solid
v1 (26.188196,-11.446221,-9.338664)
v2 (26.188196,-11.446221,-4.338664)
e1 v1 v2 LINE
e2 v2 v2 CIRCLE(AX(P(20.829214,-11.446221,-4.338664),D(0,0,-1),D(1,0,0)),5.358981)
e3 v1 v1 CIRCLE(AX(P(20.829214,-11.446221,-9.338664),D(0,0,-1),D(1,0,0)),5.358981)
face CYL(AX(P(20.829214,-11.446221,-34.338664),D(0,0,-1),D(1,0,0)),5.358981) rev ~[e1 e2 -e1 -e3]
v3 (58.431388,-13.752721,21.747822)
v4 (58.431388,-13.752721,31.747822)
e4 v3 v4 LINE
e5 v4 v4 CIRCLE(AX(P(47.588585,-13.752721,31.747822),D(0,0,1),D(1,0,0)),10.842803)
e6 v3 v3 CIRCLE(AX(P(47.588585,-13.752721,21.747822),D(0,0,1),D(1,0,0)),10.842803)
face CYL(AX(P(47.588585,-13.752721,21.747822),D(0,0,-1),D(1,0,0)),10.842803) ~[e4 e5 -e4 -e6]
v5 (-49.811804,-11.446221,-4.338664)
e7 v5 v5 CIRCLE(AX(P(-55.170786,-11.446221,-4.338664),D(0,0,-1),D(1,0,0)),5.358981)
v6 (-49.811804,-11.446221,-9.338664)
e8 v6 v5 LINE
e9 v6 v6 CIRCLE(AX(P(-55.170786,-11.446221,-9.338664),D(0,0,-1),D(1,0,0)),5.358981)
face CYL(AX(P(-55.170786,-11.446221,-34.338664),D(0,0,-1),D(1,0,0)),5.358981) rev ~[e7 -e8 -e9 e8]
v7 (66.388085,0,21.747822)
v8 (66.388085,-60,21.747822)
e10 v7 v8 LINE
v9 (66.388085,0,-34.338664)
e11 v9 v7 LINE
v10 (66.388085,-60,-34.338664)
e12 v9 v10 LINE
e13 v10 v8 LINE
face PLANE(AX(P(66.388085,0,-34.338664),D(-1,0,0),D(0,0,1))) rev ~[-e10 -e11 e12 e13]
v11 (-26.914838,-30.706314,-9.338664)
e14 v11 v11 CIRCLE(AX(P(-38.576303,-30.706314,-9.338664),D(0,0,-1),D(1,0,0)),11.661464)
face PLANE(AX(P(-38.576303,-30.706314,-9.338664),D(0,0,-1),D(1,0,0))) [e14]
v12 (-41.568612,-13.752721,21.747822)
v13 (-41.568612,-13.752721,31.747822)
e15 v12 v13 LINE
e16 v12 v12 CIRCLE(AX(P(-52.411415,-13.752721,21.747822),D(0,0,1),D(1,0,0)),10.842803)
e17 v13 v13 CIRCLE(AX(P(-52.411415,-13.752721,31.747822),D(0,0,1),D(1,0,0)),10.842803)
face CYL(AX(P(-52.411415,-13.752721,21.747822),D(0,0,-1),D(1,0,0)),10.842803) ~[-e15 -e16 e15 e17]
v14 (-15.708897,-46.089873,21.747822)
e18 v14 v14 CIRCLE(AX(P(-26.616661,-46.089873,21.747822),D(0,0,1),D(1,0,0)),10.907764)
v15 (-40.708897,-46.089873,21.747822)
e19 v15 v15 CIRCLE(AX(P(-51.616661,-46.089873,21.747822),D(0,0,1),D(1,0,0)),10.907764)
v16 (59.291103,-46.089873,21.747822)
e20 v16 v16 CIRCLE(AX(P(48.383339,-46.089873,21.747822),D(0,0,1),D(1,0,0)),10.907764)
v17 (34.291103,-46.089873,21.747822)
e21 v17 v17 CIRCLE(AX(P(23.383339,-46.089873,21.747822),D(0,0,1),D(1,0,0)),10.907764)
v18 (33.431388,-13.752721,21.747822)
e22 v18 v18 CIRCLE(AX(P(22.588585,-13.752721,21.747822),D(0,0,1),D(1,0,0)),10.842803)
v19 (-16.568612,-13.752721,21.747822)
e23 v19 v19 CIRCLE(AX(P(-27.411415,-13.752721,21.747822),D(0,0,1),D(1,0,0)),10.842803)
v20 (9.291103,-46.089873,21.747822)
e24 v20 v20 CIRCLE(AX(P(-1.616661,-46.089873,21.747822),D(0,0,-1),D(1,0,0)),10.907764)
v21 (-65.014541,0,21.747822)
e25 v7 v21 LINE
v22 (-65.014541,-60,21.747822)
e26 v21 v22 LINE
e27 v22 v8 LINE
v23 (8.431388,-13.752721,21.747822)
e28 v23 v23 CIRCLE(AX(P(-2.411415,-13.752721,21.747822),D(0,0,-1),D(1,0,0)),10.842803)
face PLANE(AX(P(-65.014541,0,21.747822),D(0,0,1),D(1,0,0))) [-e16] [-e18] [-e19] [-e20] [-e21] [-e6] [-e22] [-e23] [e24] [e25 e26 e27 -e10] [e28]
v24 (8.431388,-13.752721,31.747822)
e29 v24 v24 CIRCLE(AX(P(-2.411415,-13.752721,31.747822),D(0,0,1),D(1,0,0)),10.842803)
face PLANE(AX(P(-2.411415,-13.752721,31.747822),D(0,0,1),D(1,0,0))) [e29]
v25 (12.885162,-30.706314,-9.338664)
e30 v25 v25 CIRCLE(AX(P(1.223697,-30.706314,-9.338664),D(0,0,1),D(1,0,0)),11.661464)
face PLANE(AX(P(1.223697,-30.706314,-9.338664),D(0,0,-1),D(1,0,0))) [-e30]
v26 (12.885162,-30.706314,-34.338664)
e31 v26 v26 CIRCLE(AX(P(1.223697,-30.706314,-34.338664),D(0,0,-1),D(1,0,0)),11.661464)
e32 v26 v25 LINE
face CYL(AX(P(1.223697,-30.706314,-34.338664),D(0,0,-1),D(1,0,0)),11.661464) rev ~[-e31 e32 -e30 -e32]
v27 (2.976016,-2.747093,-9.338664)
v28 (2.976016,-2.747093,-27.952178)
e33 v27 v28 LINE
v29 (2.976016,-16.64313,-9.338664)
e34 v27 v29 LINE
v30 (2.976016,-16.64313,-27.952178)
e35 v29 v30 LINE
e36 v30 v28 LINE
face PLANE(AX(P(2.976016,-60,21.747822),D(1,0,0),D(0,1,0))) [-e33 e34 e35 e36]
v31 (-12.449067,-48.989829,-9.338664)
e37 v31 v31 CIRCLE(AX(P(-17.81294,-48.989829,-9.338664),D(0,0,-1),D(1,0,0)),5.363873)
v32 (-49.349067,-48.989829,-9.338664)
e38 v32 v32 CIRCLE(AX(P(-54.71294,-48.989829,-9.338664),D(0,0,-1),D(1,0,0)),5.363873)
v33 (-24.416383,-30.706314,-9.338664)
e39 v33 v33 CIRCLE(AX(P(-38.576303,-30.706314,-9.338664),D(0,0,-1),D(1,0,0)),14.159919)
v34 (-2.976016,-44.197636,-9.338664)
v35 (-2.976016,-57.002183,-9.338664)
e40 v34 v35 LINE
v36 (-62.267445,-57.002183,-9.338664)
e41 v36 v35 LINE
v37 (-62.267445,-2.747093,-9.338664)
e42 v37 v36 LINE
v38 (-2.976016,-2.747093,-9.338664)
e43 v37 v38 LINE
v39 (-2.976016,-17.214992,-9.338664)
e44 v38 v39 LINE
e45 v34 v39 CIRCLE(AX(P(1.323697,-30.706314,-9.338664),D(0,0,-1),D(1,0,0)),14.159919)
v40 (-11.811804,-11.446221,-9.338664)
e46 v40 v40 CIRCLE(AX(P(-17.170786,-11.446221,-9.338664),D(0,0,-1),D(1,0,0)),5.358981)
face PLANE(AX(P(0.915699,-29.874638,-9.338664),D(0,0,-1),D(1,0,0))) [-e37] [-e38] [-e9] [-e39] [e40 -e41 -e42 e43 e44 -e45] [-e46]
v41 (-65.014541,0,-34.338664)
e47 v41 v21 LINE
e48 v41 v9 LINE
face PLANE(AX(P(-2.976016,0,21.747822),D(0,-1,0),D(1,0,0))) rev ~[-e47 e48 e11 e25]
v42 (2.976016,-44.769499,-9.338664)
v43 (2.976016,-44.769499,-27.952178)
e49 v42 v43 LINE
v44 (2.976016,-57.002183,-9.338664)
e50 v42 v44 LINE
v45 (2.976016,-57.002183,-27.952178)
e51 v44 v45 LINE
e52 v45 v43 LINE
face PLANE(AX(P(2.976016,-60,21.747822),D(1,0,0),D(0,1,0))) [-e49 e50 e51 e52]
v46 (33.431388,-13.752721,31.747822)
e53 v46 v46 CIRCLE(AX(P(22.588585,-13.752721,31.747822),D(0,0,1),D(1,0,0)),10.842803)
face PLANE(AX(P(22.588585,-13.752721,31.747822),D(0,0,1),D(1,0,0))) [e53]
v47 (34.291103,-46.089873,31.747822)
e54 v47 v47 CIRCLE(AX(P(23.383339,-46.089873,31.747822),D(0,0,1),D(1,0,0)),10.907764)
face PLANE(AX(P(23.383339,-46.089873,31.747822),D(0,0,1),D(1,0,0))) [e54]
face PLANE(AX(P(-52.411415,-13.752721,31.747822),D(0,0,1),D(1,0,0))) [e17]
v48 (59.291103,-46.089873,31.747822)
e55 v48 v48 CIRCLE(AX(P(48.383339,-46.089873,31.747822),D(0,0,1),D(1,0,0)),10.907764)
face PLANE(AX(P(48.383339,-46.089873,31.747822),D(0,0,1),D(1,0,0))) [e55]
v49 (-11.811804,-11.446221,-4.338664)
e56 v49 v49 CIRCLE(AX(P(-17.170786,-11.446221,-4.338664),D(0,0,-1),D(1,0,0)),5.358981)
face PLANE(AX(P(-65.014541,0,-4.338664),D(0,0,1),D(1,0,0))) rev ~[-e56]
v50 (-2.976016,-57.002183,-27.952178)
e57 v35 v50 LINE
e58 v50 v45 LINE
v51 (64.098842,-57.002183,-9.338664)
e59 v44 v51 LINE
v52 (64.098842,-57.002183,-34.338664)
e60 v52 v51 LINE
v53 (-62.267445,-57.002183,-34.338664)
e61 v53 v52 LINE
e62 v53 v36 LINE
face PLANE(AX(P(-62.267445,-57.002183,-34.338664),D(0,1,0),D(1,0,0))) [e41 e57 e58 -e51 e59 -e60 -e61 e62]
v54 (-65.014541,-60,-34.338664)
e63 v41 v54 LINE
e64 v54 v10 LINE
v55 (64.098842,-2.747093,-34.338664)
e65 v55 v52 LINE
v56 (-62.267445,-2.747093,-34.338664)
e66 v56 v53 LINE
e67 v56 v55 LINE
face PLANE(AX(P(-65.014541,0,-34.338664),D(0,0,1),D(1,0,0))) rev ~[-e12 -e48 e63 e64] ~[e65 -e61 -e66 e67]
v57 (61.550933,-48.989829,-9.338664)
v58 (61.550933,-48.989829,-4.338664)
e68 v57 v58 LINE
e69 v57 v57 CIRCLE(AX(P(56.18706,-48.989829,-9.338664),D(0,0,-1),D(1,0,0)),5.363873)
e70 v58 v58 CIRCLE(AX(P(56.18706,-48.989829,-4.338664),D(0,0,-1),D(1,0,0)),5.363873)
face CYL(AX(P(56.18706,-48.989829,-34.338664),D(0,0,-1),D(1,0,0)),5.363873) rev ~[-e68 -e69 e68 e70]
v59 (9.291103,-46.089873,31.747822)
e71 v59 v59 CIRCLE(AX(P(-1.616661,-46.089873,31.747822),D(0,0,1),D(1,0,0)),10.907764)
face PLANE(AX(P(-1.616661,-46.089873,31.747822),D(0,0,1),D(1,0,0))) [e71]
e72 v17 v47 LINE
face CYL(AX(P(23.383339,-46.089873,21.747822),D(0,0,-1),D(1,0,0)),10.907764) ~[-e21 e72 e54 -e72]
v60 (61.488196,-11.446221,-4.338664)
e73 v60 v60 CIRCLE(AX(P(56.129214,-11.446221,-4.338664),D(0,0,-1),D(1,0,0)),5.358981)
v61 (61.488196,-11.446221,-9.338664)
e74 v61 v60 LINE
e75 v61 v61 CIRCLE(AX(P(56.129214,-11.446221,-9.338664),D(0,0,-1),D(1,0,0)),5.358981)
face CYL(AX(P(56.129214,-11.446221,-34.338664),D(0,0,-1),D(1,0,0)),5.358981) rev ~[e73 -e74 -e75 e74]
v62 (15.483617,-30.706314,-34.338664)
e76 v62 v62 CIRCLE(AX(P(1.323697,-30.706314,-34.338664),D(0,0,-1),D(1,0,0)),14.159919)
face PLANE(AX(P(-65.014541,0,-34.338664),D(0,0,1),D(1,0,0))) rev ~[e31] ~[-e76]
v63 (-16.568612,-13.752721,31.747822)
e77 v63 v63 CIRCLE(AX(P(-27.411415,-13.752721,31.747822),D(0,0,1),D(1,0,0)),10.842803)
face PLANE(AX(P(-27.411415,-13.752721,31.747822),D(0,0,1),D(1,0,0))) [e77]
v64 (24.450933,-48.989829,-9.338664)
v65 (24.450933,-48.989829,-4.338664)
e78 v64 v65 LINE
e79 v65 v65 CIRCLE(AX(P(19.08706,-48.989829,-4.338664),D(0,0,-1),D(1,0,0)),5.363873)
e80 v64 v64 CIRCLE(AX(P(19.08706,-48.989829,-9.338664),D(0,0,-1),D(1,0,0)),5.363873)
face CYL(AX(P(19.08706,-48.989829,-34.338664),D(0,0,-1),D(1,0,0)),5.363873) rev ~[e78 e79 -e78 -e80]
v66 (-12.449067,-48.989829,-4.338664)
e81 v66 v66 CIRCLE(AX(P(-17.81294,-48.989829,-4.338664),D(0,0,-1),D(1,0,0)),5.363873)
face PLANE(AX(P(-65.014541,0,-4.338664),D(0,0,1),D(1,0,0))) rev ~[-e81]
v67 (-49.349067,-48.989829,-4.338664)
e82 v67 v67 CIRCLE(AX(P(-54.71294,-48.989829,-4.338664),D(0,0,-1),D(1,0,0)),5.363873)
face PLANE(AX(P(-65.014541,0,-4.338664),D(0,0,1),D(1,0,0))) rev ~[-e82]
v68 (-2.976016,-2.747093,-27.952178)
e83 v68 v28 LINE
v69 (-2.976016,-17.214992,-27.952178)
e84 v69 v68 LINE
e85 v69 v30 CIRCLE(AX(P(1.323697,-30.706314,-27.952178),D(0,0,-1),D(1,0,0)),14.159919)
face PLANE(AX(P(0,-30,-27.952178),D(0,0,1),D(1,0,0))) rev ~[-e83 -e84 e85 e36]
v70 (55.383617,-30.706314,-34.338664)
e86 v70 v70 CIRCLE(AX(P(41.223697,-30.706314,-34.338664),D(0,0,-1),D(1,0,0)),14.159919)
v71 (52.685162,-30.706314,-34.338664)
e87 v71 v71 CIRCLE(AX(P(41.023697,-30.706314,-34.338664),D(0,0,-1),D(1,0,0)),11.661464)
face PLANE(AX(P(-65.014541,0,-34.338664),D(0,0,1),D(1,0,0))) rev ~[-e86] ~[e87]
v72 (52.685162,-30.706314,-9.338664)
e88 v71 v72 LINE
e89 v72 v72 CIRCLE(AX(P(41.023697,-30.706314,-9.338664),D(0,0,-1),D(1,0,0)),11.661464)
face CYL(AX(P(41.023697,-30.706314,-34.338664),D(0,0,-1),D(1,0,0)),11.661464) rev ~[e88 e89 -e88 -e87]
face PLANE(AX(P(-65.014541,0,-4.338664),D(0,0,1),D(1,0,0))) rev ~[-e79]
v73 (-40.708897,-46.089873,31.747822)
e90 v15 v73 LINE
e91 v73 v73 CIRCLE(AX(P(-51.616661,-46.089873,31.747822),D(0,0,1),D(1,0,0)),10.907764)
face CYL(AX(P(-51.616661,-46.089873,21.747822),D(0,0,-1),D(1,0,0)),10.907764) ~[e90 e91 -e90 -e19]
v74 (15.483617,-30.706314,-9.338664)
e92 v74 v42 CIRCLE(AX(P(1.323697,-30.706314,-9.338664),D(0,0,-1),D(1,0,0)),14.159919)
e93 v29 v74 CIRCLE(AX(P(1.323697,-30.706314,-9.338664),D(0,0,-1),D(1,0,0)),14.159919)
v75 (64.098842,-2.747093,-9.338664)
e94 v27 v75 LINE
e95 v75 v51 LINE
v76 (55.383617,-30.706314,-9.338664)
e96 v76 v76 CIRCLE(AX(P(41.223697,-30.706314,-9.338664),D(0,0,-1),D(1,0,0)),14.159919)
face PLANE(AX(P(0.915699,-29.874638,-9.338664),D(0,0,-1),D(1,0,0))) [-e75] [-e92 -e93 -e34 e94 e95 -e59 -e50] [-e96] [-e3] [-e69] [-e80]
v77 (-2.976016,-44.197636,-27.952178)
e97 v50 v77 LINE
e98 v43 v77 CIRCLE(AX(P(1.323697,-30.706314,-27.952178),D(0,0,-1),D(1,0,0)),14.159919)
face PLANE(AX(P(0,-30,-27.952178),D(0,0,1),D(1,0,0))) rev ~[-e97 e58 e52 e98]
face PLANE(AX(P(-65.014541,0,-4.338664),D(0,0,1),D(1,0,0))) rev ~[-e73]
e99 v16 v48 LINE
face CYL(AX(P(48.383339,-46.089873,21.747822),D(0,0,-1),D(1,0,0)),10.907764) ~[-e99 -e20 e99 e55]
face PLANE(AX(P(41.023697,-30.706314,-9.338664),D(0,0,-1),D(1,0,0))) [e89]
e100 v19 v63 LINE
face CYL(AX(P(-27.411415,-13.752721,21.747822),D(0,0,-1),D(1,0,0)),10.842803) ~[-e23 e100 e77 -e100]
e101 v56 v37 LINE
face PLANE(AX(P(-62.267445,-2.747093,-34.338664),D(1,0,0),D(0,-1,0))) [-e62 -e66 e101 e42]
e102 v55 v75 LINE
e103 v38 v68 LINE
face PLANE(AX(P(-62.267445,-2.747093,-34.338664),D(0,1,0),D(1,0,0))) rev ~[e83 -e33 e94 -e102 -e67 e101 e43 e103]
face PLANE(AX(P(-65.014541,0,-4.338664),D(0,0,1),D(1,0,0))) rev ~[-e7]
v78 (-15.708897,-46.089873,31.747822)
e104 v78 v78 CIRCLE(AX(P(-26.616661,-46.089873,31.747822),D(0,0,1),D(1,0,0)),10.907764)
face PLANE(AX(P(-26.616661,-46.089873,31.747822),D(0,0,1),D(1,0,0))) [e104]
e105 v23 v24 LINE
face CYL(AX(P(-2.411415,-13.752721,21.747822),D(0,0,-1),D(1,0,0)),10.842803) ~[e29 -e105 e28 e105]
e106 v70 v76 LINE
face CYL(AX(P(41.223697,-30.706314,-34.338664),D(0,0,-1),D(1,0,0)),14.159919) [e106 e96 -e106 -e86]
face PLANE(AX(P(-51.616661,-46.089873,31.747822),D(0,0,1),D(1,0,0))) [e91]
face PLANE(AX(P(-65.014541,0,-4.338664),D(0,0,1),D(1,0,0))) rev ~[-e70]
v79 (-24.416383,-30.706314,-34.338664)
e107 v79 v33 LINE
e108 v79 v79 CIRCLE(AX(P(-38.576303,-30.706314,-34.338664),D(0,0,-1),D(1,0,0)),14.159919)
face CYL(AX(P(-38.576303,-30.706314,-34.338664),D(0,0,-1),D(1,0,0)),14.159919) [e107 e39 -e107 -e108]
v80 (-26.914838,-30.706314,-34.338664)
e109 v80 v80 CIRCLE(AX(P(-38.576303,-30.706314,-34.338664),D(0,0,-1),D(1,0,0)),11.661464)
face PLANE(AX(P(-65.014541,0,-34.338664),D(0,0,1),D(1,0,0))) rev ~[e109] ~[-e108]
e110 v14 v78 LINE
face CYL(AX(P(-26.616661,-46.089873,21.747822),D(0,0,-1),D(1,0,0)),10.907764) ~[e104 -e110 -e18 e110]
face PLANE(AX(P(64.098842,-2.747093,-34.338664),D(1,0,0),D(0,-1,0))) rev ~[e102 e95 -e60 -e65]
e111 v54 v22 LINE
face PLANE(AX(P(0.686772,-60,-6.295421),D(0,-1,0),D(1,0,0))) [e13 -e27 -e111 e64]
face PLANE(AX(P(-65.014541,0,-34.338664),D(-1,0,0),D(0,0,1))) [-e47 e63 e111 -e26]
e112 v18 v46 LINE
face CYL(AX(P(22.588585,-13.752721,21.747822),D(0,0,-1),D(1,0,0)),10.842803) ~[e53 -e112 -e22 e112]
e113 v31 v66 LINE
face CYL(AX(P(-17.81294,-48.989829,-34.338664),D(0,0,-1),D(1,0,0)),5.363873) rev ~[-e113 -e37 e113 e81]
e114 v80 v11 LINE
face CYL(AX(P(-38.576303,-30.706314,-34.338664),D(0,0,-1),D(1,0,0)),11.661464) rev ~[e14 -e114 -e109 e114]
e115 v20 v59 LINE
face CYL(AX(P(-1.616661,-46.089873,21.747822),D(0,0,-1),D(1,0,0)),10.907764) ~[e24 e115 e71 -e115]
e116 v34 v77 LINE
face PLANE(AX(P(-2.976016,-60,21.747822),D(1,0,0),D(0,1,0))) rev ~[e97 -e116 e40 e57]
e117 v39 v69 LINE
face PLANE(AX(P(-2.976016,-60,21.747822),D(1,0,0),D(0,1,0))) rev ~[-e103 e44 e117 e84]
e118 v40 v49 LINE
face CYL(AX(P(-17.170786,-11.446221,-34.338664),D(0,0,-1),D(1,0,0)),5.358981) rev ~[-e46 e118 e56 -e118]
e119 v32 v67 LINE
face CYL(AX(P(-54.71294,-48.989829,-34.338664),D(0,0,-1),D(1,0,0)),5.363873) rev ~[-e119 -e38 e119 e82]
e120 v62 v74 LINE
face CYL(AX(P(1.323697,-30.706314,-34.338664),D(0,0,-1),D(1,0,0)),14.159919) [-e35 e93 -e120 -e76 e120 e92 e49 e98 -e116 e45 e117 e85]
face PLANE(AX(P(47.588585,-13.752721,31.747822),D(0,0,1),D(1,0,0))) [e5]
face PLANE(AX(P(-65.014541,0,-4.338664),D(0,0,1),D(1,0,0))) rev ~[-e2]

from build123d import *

# Parameters (mm, degrees)
F0_W      = 131.4026266336
F0_H      = 56.0864862055
F1_DEPTH  = 60
F2_R      = 10.9077642955
F3_DEPTH  = 10
F4_R      = 10.8428026433
F5_DEPTH  = 10
F6_W      = 126.3662874699
F6_H      = 54.2550897226
F6_R      = 5.3589813308
F6_R_2    = 14.1599191497
F6_R_3    = 5.3638725935
F6_R_4    = 11.6614642788
F7_DEPTH  = 25
F8_DEPTH  = 30
F9_W      = 5.9520327486
F9_H      = 60
F10_DEPTH = 49.7
F11_R     = 11.6614642788
F12_DEPTH = 25


with BuildPart() as f1:
    # F0 (on Front) → F1 (new body)
    with BuildSketch(Plane.XZ):
        with Locations((0.6867721677, -6.2954211608)):
            Rectangle(F0_W, F0_H)
    extrude(amount=F1_DEPTH)

    # F2 (on face) → F3 (join)
    with BuildSketch(Plane.XY.offset(21.747821942)):
        with Locations((-51.6166612506, -46.0898727179)):
            Circle(F2_R)
        with Locations((-26.6166612506, -46.0898727179)):
            Circle(F2_R)
        with Locations((-1.6166612506, -46.0898727179)):
            Circle(F2_R)
        with Locations((23.3833387494, -46.0898727179)):
            Circle(F2_R)
        with Locations((48.3833387494, -46.0898727179)):
            Circle(F2_R)
    extrude(amount=F3_DEPTH)

    # F4 (on face) → F5 (join)
    with BuildSketch(Plane.XY.offset(21.747821942)):
        with Locations((-52.4114146829, -13.7527212501)):
            Circle(F4_R)
        with Locations((-27.4114146829, -13.7527212501)):
            Circle(F4_R)
        with Locations((-2.4114146829, -13.7527212501)):
            Circle(F4_R)
        with Locations((22.5885853171, -13.7527212501)):
            Circle(F4_R)
        with Locations((47.5885853171, -13.7527212501)):
            Circle(F4_R)
    extrude(amount=F5_DEPTH)

    # F6 (on face) → F7 (cut)
    with BuildSketch(Plane(origin=(0, 0, -34.3386642635), x_dir=(1, 0, 0), z_dir=(0, 0, -1))):
        with Locations((0.9156987071, 29.8746381886)):
            Rectangle(F6_W, F6_H)
        with Locations((-55.1707856357, 11.4462208003)):
            Circle(F6_R, mode=Mode.SUBTRACT)
        with Locations((-17.1707856357, 11.4462208003)):
            Circle(F6_R, mode=Mode.SUBTRACT)
        with Locations((20.8292143643, 11.4462208003)):
            Circle(F6_R, mode=Mode.SUBTRACT)
        with Locations((56.1292143643, 11.4462208003)):
            Circle(F6_R, mode=Mode.SUBTRACT)
        with Locations((-38.5763026357, 30.70631437)):
            Circle(F6_R_2, mode=Mode.SUBTRACT)
        with Locations((1.3236973643, 30.70631437)):
            Circle(F6_R_2, mode=Mode.SUBTRACT)
        with Locations((-54.7129400074, 48.989828676)):
            Circle(F6_R_3, mode=Mode.SUBTRACT)
        with Locations((-17.8129400074, 48.989828676)):
            Circle(F6_R_3, mode=Mode.SUBTRACT)
        with Locations((41.2236973643, 30.70631437)):
            Circle(F6_R_2, mode=Mode.SUBTRACT)
        with Locations((19.0870599926, 48.989828676)):
            Circle(F6_R_3, mode=Mode.SUBTRACT)
        with Locations((56.1870599926, 48.989828676)):
            Circle(F6_R_3, mode=Mode.SUBTRACT)
        with Locations((-38.5763026357, 30.70631437)):
            Circle(F6_R_4)
        with Locations((1.2236973643, 30.70631437)):
            Circle(F6_R_4)
        with Locations((41.0236973643, 30.70631437)):
            Circle(F6_R_4)
    extrude(amount=-F7_DEPTH, mode=Mode.SUBTRACT)

    # F8 (cut): faces of the model
    f8_faces = [f1.faces().sort_by_distance(p)[0] for p in [
        (-54.7129400074, -48.989828676, -34.3386642635),
        (-17.8129400074, -48.989828676, -34.3386642635),
        (19.0870599926, -48.989828676, -34.3386642635),
        (56.1870599926, -48.989828676, -34.3386642635),
        (56.1292143643, -11.4462208003, -34.3386642635),
        (20.8292143643, -11.4462208003, -34.3386642635),
        (-17.1707856357, -11.4462208003, -34.3386642635),
        (-55.1707856357, -11.4462208003, -34.3386642635),
    ]]
    extrude(f8_faces, amount=-F8_DEPTH, mode=Mode.SUBTRACT)

    # F9 (on face) → F10 (join)
    with BuildSketch(Plane.XY.offset(21.747821942)):
        with Locations((0, -30)):
            Rectangle(F9_W, F9_H)
    extrude(amount=-F10_DEPTH)

    # F11 (on face) → F12 (cut, through all)
    with BuildSketch(Plane(origin=(0, 0, -34.3386642635), x_dir=(1, 0, 0), z_dir=(0, 0, -1))):
        with Locations((1.2236973643, 30.70631437)):
            Circle(F11_R)
    extrude(amount=-F12_DEPTH, mode=Mode.SUBTRACT)


solid = f1.part
